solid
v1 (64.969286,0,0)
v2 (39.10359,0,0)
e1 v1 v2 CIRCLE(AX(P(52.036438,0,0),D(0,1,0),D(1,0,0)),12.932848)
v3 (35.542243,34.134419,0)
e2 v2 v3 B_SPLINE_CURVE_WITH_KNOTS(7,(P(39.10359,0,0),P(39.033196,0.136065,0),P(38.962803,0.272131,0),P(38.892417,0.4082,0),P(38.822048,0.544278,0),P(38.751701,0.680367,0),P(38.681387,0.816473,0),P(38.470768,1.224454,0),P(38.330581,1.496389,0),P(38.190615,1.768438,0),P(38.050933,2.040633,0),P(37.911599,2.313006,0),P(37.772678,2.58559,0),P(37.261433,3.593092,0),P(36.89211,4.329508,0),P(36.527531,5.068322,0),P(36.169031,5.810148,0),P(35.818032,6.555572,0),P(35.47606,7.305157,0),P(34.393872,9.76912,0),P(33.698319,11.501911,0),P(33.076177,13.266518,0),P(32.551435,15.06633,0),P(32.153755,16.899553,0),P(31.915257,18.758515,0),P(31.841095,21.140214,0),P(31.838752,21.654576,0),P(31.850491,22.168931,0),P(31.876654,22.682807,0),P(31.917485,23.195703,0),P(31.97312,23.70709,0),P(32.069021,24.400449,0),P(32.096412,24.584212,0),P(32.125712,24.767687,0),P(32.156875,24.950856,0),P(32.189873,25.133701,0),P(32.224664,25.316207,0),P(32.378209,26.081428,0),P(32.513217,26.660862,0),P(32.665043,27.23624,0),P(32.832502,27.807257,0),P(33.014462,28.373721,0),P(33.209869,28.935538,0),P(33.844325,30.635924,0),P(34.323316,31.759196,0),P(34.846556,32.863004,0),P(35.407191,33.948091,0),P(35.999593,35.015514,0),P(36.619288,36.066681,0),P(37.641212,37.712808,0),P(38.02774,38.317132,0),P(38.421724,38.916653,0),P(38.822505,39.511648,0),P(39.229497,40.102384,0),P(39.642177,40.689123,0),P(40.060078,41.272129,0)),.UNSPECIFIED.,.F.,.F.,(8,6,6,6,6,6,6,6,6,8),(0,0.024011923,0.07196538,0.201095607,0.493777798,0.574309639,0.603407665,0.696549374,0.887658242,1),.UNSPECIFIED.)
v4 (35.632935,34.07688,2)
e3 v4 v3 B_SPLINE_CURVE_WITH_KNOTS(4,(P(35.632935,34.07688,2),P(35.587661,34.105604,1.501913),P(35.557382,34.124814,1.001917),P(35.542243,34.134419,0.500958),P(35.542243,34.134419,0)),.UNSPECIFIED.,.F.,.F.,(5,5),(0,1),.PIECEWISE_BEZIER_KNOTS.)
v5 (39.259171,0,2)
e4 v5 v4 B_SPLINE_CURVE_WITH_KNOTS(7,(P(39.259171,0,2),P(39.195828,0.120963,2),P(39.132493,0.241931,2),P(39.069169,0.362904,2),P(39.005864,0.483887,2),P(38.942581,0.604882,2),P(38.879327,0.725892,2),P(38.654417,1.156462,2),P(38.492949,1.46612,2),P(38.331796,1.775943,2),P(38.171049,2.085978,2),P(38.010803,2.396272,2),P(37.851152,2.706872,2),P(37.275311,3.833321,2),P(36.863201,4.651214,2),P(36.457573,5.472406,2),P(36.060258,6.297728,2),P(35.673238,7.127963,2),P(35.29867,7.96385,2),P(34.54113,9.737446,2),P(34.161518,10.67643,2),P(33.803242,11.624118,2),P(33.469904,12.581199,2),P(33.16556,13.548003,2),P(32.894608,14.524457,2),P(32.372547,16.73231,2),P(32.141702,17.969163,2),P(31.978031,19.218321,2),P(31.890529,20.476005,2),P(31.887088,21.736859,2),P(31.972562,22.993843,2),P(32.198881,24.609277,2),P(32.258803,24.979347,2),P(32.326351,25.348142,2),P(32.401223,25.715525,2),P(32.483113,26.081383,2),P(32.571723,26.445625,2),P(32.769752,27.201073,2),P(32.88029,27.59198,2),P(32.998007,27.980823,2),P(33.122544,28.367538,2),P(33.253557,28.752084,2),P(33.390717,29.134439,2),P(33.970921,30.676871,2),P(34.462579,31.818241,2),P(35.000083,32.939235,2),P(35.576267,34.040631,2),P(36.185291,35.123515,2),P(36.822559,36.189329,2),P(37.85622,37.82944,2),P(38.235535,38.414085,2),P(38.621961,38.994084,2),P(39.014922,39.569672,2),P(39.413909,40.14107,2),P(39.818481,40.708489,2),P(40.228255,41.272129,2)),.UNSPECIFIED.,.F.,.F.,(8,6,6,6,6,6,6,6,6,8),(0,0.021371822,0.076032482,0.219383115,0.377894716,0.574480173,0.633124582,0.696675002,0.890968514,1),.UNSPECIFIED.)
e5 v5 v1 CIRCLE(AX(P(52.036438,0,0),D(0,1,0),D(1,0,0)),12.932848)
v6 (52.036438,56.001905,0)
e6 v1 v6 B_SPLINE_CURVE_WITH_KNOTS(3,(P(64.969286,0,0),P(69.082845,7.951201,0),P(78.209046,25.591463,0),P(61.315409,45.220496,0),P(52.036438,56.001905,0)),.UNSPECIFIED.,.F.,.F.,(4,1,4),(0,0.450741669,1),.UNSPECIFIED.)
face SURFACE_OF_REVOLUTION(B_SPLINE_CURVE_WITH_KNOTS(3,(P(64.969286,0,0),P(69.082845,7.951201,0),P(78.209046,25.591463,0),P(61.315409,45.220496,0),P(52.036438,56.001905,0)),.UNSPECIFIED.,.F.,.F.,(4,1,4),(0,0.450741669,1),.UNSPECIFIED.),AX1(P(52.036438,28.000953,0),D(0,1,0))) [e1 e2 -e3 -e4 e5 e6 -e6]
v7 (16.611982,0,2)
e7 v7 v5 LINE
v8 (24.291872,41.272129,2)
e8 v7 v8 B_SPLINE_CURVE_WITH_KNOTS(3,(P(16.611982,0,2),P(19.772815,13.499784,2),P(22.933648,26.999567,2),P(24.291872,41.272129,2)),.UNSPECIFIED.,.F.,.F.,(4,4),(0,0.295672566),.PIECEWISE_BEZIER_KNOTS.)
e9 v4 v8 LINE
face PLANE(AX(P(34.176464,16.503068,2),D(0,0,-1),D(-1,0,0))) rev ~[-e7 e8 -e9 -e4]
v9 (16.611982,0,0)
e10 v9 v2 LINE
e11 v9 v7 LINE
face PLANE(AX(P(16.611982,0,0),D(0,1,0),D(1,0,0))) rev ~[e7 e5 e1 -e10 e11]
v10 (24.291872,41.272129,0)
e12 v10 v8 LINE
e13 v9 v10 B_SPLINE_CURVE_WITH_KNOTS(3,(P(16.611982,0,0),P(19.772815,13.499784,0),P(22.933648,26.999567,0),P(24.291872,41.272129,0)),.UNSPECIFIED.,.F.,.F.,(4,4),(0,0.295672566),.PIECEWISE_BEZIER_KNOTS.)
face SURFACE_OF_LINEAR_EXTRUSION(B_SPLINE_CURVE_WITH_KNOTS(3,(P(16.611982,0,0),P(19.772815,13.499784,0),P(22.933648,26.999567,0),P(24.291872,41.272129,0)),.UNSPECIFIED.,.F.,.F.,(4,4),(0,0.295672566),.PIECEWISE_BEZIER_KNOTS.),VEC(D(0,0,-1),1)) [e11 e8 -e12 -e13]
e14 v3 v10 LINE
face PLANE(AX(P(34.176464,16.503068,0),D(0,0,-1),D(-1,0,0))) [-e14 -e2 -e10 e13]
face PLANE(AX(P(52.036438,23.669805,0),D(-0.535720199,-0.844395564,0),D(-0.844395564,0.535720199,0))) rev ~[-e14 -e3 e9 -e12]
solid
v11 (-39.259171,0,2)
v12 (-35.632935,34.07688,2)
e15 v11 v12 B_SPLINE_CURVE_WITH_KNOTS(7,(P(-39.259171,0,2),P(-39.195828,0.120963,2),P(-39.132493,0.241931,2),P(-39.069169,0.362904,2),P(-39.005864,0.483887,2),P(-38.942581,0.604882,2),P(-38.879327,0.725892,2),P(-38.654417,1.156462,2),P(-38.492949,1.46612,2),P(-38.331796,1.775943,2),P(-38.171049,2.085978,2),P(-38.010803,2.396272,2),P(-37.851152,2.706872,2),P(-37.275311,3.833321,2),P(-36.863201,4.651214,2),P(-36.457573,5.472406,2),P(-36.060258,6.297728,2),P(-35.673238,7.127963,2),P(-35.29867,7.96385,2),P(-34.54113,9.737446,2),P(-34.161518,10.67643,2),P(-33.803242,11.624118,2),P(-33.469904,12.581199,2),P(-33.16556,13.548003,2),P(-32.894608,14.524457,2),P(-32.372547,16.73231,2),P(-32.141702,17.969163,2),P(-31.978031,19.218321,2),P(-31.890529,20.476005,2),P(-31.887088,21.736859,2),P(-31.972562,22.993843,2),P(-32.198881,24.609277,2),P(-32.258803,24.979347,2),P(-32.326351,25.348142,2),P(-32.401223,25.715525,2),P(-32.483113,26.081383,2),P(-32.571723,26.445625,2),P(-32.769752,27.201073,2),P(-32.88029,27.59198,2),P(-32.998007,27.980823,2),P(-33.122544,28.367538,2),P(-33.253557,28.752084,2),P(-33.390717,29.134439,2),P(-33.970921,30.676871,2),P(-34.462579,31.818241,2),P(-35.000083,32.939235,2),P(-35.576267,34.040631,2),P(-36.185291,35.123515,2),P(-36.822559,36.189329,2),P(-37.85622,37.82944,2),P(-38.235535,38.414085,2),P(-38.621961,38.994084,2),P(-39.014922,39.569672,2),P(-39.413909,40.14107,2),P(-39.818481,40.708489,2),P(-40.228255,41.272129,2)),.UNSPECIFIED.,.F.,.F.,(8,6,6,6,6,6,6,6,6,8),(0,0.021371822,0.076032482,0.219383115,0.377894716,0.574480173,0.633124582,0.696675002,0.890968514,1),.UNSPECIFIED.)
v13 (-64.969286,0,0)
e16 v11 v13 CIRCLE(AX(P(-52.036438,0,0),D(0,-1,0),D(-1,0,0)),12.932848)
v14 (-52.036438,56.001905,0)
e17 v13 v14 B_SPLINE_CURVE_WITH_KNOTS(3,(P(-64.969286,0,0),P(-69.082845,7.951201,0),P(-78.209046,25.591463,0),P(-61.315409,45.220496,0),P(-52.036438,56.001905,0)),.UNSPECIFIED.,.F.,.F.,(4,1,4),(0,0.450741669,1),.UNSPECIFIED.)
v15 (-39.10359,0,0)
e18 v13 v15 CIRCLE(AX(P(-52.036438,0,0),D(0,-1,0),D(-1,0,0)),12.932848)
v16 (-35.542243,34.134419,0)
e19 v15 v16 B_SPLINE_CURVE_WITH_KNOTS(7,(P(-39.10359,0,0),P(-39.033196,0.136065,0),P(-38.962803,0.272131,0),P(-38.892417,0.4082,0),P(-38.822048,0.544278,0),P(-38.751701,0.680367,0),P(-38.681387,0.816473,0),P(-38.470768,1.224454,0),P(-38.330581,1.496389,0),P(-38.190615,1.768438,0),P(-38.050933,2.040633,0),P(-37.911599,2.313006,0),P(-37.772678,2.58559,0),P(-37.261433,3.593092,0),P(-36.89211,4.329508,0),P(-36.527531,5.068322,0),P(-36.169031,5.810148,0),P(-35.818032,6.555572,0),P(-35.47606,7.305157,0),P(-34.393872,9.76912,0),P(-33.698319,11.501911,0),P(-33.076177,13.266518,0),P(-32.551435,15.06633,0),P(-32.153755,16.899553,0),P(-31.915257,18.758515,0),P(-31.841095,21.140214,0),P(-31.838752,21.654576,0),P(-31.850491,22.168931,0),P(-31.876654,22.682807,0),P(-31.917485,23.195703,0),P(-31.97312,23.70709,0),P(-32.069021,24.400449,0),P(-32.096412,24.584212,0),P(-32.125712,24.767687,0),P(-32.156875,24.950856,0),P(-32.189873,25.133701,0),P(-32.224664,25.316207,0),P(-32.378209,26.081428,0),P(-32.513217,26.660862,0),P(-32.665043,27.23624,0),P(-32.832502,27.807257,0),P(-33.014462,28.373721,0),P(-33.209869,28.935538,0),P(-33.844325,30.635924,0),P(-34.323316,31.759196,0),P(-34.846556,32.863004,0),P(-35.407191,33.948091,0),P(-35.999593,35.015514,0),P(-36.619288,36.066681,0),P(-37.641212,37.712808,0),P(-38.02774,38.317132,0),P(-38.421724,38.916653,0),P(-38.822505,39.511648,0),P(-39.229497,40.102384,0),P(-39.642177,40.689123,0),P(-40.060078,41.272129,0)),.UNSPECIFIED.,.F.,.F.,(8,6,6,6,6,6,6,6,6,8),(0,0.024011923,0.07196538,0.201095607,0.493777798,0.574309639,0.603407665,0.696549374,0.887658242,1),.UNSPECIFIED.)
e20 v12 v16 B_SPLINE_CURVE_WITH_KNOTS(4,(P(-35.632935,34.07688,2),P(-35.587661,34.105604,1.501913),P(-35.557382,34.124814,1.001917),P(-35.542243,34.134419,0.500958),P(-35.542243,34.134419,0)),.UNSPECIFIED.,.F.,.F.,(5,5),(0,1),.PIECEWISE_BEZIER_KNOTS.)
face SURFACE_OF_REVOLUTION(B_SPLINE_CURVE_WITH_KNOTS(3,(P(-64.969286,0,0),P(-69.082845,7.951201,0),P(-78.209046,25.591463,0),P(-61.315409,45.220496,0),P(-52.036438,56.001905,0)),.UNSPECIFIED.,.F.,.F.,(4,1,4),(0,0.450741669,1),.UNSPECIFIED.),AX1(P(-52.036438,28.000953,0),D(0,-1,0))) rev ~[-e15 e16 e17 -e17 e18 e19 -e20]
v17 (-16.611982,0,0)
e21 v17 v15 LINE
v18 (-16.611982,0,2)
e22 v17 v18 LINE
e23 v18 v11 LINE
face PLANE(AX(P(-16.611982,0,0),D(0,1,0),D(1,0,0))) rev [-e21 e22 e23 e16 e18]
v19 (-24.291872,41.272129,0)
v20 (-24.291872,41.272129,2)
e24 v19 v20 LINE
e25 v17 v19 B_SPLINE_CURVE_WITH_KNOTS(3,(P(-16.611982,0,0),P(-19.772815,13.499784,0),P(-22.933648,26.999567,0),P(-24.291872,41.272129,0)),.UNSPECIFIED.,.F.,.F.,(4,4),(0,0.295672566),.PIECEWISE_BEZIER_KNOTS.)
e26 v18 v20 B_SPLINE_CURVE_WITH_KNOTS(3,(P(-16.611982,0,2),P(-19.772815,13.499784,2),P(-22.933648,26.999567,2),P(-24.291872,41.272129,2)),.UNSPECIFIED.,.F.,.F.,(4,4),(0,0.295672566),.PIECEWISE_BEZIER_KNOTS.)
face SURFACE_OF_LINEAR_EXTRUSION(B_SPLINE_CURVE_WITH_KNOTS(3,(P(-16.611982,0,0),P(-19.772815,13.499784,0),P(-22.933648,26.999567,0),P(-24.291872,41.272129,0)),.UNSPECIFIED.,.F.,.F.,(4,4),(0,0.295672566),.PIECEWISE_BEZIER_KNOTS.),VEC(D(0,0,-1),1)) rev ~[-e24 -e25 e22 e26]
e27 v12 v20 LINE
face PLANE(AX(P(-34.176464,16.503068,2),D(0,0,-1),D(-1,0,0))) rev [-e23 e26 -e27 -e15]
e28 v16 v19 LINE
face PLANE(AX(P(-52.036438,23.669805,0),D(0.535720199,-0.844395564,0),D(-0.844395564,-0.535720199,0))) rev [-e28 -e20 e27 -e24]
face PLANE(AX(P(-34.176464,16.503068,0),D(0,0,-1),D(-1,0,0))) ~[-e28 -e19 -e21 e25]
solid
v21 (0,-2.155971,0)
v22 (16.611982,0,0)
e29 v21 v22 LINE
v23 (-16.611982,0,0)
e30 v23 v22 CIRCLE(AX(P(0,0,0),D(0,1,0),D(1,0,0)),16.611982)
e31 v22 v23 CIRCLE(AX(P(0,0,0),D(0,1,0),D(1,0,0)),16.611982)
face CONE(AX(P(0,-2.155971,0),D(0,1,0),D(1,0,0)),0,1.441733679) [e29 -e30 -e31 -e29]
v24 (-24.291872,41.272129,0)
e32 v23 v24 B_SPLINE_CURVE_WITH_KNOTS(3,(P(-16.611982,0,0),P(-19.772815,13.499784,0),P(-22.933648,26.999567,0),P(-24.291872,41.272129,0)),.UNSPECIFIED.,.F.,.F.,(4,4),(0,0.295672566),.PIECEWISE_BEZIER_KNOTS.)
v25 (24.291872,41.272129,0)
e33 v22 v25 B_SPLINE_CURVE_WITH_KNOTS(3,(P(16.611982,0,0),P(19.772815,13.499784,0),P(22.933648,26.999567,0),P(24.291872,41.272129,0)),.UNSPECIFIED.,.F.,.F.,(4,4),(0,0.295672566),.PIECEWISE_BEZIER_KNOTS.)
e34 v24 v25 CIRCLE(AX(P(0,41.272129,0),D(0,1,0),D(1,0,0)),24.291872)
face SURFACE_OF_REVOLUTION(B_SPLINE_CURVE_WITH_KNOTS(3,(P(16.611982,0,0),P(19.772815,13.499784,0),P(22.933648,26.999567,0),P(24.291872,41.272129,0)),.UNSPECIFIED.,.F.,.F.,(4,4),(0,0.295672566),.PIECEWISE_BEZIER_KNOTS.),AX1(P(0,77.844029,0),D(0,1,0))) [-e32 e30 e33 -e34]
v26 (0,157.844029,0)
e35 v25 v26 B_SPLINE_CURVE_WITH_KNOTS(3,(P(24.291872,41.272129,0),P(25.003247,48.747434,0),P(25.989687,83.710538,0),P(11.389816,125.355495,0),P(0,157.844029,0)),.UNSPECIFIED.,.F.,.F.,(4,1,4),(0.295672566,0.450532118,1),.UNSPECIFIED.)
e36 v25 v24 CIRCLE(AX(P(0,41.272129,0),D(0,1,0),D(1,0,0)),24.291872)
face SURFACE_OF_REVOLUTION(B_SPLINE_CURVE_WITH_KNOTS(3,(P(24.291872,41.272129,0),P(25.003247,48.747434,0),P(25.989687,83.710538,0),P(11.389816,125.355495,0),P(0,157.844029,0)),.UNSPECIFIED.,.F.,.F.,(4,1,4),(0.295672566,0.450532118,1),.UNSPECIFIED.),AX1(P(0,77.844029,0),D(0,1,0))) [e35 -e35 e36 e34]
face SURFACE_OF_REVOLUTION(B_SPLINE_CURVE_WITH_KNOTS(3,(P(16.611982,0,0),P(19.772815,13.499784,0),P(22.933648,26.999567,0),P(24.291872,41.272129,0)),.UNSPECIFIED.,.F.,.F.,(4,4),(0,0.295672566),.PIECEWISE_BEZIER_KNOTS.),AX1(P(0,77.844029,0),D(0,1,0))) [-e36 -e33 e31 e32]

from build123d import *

# Parameters (mm, degrees)
F4_DEPTH = 2


with BuildPart() as f1:
    # F0 (on Top) → F1 (revolve)
    with BuildSketch(Plane.XY):
        with BuildLine():
            Line((52.0364381373, 23.6698053777), (52.0364381373, 0))
            Line((52.0364381373, 0), (64.9692863226, 0))
            add(Edge.make_bspline(
                [(64.9692863226, 0), (69.0828451172, 7.951201135), (78.2090455008, 25.591463125), (61.3154088208, 45.2204956904), (52.0364381373, 56.0019053519)],
                knots=[0, 0, 0, 0, 0.4507416692, 1, 1, 1, 1], degree=3))
            Line((52.0364381373, 56.0019053519), (52.0364381373, 23.6698053777))
        make_face()
    revolve(axis=Axis((52.0364381373, 28.0009526759, 0), (0, 1, 0)))


with BuildPart() as f2:
    # F0 (on Top) → F2 (revolve)
    with BuildSketch(Plane.XY):
        with BuildLine():
            Line((0, 157.8440294508), (0, -2.1559705492))
            Line((0, -2.1559705492), (16.6119824722, 0))
            add(Edge.make_bspline(
                [(16.6119824722, 0), (19.7728153364, 13.4997835736), (22.9336482005, 26.9995671473), (24.2918724571, 41.2721293193)],
                knots=[0, 0, 0, 0, 0.2956725657, 0.2956725657, 0.2956725657, 0.2956725657], degree=3))
            add(Edge.make_bspline(
                [(24.2918724571, 41.2721293193), (25.0032472157, 48.7474342398), (25.9896868356, 83.7105375917), (11.389816182, 125.3554946506), (0, 157.8440294508)],
                knots=[0.2956725657, 0.2956725657, 0.2956725657, 0.2956725657, 0.4505321178, 1, 1, 1, 1], degree=3))
        make_face()
    revolve(axis=Axis((0, 77.8440294508, 0), (0, 1, 0)))


with BuildPart() as f3_1:
    # F3: instance of F1
    add(f1.part.mirror(Plane.YZ))


with BuildPart() as f1_1:
    add(f1.part)

    add(f2.part)  # F4 merges F2
    # F0 (on Top) → F4 (join)
    with BuildSketch(Plane.XY):
        with BuildLine():
            add(Edge.make_bspline(
                [(16.6119824722, 0), (19.7728153364, 13.4997835736), (22.9336482005, 26.9995671473), (24.2918724571, 41.2721293193)],
                knots=[0, 0, 0, 0, 0.2956725657, 0.2956725657, 0.2956725657, 0.2956725657], degree=3))
            Line((16.6119824722, 0), (52.0364381373, 0))
            Line((52.0364381373, 0), (52.0364381373, 23.6698053777))
            Line((52.0364381373, 23.6698053777), (24.2918724571, 41.2721293193))
        make_face()
    extrude(amount=F4_DEPTH)



with BuildPart() as f1_2:
    add(f1_1.part)

    add(f3_1.part)  # F5 merges F3_1
    # F5: F1 across plane
    add(f1_1.part.mirror(Plane.YZ))


solid = f1_2.part
